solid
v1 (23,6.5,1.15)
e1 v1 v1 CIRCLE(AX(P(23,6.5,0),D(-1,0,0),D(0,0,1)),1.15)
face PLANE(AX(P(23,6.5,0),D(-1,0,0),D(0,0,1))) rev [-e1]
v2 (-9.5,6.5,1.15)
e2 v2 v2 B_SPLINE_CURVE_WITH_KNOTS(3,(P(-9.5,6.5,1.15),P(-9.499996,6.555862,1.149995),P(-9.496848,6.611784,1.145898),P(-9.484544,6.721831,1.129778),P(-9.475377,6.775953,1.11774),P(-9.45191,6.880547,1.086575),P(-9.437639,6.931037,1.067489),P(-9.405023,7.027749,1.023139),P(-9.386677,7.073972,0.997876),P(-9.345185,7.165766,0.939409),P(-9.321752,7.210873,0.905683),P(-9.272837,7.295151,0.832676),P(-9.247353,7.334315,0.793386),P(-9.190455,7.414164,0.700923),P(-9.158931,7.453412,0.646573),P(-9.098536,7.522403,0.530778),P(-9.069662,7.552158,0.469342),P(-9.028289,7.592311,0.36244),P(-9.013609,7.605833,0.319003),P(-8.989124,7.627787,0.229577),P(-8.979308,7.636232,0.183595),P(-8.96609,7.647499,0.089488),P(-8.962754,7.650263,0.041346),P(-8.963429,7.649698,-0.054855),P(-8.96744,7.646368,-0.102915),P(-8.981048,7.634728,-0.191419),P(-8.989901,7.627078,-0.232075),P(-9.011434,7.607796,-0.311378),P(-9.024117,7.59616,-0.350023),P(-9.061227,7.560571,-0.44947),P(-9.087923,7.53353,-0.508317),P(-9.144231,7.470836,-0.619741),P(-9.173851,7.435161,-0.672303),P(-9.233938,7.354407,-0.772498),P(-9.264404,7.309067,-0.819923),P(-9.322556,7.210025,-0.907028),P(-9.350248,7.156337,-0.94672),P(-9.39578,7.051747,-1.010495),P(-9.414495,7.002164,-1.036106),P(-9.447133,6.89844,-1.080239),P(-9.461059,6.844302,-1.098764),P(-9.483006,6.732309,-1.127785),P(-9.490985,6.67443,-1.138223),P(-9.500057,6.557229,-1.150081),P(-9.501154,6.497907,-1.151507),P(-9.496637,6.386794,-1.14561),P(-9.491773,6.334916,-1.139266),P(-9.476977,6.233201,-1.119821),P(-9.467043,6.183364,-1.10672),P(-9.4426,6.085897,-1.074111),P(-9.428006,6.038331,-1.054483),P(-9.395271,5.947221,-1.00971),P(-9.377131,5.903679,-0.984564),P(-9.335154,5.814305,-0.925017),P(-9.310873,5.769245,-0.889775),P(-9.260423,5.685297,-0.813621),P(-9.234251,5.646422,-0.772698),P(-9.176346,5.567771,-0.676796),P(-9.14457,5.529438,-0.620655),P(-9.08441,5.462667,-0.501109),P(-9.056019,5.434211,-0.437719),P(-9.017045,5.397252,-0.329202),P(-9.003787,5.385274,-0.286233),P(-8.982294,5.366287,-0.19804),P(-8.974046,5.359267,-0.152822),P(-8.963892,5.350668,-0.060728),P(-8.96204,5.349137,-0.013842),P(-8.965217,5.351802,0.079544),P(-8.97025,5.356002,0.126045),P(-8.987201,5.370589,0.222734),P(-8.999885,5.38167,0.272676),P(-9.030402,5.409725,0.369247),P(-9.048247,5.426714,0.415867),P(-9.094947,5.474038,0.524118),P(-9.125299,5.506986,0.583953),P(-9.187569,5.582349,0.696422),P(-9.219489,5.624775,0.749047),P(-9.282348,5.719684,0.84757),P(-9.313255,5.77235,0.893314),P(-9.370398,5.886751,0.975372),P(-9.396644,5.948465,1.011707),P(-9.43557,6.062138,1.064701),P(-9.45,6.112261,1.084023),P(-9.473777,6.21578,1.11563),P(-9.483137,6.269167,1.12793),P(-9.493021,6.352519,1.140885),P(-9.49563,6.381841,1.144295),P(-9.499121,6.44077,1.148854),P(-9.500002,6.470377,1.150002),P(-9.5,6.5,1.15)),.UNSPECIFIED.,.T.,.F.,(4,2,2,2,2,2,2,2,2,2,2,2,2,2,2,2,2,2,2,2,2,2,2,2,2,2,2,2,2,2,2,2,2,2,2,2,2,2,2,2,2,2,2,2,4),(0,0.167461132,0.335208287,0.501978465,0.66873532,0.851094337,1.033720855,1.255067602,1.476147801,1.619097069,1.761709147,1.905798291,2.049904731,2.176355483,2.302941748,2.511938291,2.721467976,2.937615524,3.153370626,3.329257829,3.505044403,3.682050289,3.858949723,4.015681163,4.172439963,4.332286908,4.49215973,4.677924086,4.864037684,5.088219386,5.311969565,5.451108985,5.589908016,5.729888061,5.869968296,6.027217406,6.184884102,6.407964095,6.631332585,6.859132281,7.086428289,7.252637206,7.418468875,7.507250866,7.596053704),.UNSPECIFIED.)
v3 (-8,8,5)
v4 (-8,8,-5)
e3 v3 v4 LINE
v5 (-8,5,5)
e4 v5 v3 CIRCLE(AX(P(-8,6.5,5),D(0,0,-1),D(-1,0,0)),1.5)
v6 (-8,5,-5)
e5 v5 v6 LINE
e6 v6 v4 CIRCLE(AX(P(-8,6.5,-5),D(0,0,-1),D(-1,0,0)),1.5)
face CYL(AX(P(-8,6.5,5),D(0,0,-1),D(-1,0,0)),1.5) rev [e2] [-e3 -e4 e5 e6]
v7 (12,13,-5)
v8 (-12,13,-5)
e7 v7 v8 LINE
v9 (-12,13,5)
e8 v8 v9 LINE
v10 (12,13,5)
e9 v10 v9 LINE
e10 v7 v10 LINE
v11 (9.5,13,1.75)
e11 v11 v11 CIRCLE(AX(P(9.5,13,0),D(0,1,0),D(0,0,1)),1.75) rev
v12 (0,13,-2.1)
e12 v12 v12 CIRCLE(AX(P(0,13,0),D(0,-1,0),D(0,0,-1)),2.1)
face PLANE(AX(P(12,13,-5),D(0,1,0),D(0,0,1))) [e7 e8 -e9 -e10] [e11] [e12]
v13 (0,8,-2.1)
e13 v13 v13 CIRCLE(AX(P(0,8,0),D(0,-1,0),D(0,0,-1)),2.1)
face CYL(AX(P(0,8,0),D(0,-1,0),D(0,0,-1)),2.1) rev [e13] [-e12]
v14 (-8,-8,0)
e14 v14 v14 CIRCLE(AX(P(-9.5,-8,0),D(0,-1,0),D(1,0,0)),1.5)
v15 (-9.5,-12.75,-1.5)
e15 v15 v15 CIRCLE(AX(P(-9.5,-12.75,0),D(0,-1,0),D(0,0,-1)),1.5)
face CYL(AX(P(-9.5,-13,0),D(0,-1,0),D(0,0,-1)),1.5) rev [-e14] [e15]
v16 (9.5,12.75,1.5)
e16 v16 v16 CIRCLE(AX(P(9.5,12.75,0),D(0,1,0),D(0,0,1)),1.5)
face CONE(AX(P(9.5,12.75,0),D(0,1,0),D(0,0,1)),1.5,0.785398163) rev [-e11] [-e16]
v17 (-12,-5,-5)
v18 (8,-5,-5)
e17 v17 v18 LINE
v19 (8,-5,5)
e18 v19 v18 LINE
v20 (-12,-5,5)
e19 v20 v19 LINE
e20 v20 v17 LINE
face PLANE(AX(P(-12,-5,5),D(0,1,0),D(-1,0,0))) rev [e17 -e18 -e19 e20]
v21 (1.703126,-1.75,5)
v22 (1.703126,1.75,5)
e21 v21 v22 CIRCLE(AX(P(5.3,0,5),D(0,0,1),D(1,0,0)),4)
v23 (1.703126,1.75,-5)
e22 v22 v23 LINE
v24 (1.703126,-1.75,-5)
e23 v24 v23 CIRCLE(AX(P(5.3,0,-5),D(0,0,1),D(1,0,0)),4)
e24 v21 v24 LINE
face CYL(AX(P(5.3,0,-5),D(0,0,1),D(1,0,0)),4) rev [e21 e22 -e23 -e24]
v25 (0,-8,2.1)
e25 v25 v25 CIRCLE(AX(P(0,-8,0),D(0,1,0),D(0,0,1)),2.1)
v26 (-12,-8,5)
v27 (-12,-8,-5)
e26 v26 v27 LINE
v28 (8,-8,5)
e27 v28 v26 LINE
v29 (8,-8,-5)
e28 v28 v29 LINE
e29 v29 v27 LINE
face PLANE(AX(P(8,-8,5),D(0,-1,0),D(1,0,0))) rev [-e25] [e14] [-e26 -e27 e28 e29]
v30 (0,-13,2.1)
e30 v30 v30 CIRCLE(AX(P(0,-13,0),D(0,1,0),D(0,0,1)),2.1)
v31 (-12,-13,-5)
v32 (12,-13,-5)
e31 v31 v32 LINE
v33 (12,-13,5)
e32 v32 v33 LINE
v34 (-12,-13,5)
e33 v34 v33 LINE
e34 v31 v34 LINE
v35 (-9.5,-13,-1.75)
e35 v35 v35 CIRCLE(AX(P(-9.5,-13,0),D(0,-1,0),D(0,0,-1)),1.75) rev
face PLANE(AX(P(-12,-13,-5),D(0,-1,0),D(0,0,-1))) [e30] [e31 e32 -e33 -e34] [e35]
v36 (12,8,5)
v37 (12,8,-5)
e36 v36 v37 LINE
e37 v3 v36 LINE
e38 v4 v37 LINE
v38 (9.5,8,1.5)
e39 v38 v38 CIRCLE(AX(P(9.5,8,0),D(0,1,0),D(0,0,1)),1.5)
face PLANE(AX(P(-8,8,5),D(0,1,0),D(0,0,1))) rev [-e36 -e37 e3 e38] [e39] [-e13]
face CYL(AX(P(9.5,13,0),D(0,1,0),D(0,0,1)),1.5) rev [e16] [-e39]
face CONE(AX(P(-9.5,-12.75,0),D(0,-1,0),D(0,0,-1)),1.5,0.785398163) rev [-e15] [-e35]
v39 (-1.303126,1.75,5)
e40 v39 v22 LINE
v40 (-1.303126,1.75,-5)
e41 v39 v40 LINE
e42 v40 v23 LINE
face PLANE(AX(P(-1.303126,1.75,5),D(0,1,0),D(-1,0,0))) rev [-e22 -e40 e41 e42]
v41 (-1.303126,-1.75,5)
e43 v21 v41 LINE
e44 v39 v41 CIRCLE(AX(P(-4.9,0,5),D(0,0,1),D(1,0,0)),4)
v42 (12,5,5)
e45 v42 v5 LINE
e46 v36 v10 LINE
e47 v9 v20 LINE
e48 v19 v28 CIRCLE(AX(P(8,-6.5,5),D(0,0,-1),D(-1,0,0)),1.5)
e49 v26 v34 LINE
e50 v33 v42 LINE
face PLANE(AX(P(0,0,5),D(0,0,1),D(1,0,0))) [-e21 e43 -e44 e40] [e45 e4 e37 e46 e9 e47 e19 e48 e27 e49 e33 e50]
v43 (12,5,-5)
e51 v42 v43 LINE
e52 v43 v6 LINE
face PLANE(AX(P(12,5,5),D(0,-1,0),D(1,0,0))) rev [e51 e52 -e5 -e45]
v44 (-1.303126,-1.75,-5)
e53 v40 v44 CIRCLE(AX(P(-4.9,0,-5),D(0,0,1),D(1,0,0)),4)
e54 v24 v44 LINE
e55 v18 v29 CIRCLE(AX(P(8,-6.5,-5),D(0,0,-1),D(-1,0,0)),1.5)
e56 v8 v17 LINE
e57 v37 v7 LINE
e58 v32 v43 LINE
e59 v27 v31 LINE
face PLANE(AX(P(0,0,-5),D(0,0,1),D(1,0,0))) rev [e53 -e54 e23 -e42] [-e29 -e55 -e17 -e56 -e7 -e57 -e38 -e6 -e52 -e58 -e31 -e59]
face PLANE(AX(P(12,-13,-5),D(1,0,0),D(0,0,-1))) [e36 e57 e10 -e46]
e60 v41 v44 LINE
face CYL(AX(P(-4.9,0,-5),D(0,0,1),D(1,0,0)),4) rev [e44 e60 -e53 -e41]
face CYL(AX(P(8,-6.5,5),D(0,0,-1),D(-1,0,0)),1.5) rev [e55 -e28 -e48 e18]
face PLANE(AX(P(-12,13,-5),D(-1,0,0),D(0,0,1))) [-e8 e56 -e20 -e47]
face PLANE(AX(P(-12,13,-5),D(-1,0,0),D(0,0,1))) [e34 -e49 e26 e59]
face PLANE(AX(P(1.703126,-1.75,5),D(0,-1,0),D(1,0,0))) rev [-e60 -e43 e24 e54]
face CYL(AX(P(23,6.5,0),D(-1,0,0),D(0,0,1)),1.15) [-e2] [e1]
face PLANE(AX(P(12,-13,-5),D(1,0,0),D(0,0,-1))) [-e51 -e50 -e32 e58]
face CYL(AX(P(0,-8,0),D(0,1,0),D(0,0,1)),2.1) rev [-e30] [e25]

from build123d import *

# Parameters (mm, degrees)
SKIZZE1_W                            = 24
SKIZZE1_H                            = 26
AUFSATZ_LINEAR_AUSTRAGEN1_DEPTH      = 10
SCHNITT_LINEAR_AUSTRAGEN1_DEPTH      = 21.322401433
SCHNITT_LINEAR_AUSTRAGEN2_DEPTH      = 21.322401433
SCHNITT_LINEAR_AUSTRAGEN3_DEPTH      = 21.322401433
SKIZZE5_W                            = 4
SKIZZE5_H                            = 10
SKIZZE6_W                            = 4
SKIZZE6_H                            = 10
F_2_3_2_3_DURCHMESSER_BOHRUNG1_D     = 2.3
F_2_3_2_3_DURCHMESSER_BOHRUNG1_DEPTH = 24
SKIZZE9_W                            = 2.1
SKIZZE9_H                            = 5
F_3_0_3_DURCHMESSER_BOHRUNG1_D       = 3
F_3_0_3_DURCHMESSER_BOHRUNG1_DEPTH   = 5
SKIZZE13_W                           = 2.1
SKIZZE13_H                           = 5
F_3_0_3_DURCHMESSER_BOHRUNG2_D       = 3
F_3_0_3_DURCHMESSER_BOHRUNG2_DEPTH   = 5
FASE1_SIZE                           = 0.25
SENSORKABEL_START                    = -35
SKIZZE24_R                           = 1.15
SENSORKABEL_DEPTH                    = 35


with BuildPart() as part:
    # Skizze1 → Aufsatz-Linear austragen1 (new body)
    with BuildSketch(Plane.XY.offset(5)):
        Rectangle(SKIZZE1_W, SKIZZE1_H)
    extrude(amount=-AUFSATZ_LINEAR_AUSTRAGEN1_DEPTH)

    # Skizze2 → Schnitt-Linear austragen1 (cut, through all)
    with BuildSketch(Plane(origin=(0, 0, -5), x_dir=(-1, 0, 0), z_dir=(0, 0, -1))):
        with BuildLine():
            Line((12, -8), (12, -5))
            Line((12, -5), (-8, -5))
            ThreePointArc((-8, -5), (-9.5, -6.5), (-8, -8))
            Line((-8, -8), (12, -8))
        make_face()
    extrude(amount=-SCHNITT_LINEAR_AUSTRAGEN1_DEPTH, mode=Mode.SUBTRACT)

    # Skizze3 → Schnitt-Linear austragen2 (cut, through all)
    with BuildSketch(Plane(origin=(0, 0, -5), x_dir=(-1, 0, 0), z_dir=(0, 0, -1))):
        with BuildLine():
            Line((-12, 8), (-12, 5))
            Line((-12, 5), (8, 5))
            ThreePointArc((8, 5), (9.5, 6.5), (8, 8))
            Line((8, 8), (-12, 8))
        make_face()
    extrude(amount=-SCHNITT_LINEAR_AUSTRAGEN2_DEPTH, mode=Mode.SUBTRACT)

    # Skizze4 → Schnitt-Linear austragen3 (cut, through all)
    with BuildSketch(Plane(origin=(0, 0, -5), x_dir=(-1, 0, 0), z_dir=(0, 0, -1))):
        with BuildLine():
            Line((-1.703126358, -1.75), (1.303126358, -1.75))
            ThreePointArc((1.303126358, -1.75), (0.9, 0), (1.303126358, 1.75))
            Line((1.303126358, 1.75), (-1.703126358, 1.75))
            ThreePointArc((-1.703126358, 1.75), (-1.3, 0), (-1.703126358, -1.75))
        make_face()
    extrude(amount=-SCHNITT_LINEAR_AUSTRAGEN3_DEPTH, mode=Mode.SUBTRACT)

    # Skizze5 → Schnitt-Rotation1 (revolve, cut)
    with BuildSketch(Plane(origin=(0, 0, 0), x_dir=(1, 0, 0), z_dir=(0, 1, 0))):
        with Locations((7.3, 0)):
            Rectangle(SKIZZE5_W, SKIZZE5_H)
    revolve(axis=Axis((5.3, 0, -5), (0, 0, 1)), mode=Mode.SUBTRACT)

    # Skizze6 → Schnitt-Rotation2 (revolve, cut)
    with BuildSketch(Plane(origin=(0, 0, 0), x_dir=(1, 0, 0), z_dir=(0, 1, 0))):
        with Locations((-2.9, 0)):
            Rectangle(SKIZZE6_W, SKIZZE6_H)
    revolve(axis=Axis((-4.9, 0, -5), (0, 0, 1)), mode=Mode.SUBTRACT)

    # Ø2.3 (2.3) Durchmesser Bohrung1
    with Locations(Plane.ZY.offset(12)):
        with Locations((0, 6.5)):
            Hole(F_2_3_2_3_DURCHMESSER_BOHRUNG1_D / 2, depth=F_2_3_2_3_DURCHMESSER_BOHRUNG1_DEPTH)

    # Skizze9 → M5 Gewindebohrung1 (revolve, cut)
    with BuildSketch(Plane(origin=(0, 8, 0), x_dir=(0, 0, -1), z_dir=(1, 0, 0))):
        with Locations((1.05, 2.5)):
            Rectangle(SKIZZE9_W, SKIZZE9_H)
    revolve(axis=Axis((0, 1.65, 0), (0, 1, 0)), mode=Mode.SUBTRACT)

    # Ø3.0 (3) Durchmesser Bohrung1
    with Locations(Plane(origin=(0, 13, 0), x_dir=(1, 0, 0), z_dir=(0, 1, 0))):
        with Locations((9.5, 0)):
            Hole(F_3_0_3_DURCHMESSER_BOHRUNG1_D / 2, depth=F_3_0_3_DURCHMESSER_BOHRUNG1_DEPTH)

    # Skizze13 → M5 Gewindebohrung2 (revolve, cut)
    with BuildSketch(Plane(origin=(0, -8, 0), x_dir=(0, 0, 1), z_dir=(1, 0, 0))):
        with Locations((1.05, 2.5)):
            Rectangle(SKIZZE13_W, SKIZZE13_H)
    revolve(axis=Axis((0, -1.65, 0), (0, -1, 0)), mode=Mode.SUBTRACT)

    # Ø3.0 (3) Durchmesser Bohrung2
    with Locations(Plane(origin=(0, -13, 0), x_dir=(-1, 0, 0), z_dir=(0, -1, 0))):
        with Locations((9.5, 0)):
            Hole(F_3_0_3_DURCHMESSER_BOHRUNG2_D / 2, depth=F_3_0_3_DURCHMESSER_BOHRUNG2_DEPTH)

    # Fase1
    fase1_edges = [part.edges().sort_by_distance(p)[0] for p in [
        (11, 13, 0),
        (-11, -13, 0),
    ]]
    chamfer(fase1_edges, length=FASE1_SIZE)

    # Skizze24 → Sensorkabel (add)
    with BuildSketch(Plane.ZY.offset(12).offset(SENSORKABEL_START)):
        with Locations((0, 6.5)):
            Circle(SKIZZE24_R)
    extrude(amount=SENSORKABEL_DEPTH)


solid = part.part
